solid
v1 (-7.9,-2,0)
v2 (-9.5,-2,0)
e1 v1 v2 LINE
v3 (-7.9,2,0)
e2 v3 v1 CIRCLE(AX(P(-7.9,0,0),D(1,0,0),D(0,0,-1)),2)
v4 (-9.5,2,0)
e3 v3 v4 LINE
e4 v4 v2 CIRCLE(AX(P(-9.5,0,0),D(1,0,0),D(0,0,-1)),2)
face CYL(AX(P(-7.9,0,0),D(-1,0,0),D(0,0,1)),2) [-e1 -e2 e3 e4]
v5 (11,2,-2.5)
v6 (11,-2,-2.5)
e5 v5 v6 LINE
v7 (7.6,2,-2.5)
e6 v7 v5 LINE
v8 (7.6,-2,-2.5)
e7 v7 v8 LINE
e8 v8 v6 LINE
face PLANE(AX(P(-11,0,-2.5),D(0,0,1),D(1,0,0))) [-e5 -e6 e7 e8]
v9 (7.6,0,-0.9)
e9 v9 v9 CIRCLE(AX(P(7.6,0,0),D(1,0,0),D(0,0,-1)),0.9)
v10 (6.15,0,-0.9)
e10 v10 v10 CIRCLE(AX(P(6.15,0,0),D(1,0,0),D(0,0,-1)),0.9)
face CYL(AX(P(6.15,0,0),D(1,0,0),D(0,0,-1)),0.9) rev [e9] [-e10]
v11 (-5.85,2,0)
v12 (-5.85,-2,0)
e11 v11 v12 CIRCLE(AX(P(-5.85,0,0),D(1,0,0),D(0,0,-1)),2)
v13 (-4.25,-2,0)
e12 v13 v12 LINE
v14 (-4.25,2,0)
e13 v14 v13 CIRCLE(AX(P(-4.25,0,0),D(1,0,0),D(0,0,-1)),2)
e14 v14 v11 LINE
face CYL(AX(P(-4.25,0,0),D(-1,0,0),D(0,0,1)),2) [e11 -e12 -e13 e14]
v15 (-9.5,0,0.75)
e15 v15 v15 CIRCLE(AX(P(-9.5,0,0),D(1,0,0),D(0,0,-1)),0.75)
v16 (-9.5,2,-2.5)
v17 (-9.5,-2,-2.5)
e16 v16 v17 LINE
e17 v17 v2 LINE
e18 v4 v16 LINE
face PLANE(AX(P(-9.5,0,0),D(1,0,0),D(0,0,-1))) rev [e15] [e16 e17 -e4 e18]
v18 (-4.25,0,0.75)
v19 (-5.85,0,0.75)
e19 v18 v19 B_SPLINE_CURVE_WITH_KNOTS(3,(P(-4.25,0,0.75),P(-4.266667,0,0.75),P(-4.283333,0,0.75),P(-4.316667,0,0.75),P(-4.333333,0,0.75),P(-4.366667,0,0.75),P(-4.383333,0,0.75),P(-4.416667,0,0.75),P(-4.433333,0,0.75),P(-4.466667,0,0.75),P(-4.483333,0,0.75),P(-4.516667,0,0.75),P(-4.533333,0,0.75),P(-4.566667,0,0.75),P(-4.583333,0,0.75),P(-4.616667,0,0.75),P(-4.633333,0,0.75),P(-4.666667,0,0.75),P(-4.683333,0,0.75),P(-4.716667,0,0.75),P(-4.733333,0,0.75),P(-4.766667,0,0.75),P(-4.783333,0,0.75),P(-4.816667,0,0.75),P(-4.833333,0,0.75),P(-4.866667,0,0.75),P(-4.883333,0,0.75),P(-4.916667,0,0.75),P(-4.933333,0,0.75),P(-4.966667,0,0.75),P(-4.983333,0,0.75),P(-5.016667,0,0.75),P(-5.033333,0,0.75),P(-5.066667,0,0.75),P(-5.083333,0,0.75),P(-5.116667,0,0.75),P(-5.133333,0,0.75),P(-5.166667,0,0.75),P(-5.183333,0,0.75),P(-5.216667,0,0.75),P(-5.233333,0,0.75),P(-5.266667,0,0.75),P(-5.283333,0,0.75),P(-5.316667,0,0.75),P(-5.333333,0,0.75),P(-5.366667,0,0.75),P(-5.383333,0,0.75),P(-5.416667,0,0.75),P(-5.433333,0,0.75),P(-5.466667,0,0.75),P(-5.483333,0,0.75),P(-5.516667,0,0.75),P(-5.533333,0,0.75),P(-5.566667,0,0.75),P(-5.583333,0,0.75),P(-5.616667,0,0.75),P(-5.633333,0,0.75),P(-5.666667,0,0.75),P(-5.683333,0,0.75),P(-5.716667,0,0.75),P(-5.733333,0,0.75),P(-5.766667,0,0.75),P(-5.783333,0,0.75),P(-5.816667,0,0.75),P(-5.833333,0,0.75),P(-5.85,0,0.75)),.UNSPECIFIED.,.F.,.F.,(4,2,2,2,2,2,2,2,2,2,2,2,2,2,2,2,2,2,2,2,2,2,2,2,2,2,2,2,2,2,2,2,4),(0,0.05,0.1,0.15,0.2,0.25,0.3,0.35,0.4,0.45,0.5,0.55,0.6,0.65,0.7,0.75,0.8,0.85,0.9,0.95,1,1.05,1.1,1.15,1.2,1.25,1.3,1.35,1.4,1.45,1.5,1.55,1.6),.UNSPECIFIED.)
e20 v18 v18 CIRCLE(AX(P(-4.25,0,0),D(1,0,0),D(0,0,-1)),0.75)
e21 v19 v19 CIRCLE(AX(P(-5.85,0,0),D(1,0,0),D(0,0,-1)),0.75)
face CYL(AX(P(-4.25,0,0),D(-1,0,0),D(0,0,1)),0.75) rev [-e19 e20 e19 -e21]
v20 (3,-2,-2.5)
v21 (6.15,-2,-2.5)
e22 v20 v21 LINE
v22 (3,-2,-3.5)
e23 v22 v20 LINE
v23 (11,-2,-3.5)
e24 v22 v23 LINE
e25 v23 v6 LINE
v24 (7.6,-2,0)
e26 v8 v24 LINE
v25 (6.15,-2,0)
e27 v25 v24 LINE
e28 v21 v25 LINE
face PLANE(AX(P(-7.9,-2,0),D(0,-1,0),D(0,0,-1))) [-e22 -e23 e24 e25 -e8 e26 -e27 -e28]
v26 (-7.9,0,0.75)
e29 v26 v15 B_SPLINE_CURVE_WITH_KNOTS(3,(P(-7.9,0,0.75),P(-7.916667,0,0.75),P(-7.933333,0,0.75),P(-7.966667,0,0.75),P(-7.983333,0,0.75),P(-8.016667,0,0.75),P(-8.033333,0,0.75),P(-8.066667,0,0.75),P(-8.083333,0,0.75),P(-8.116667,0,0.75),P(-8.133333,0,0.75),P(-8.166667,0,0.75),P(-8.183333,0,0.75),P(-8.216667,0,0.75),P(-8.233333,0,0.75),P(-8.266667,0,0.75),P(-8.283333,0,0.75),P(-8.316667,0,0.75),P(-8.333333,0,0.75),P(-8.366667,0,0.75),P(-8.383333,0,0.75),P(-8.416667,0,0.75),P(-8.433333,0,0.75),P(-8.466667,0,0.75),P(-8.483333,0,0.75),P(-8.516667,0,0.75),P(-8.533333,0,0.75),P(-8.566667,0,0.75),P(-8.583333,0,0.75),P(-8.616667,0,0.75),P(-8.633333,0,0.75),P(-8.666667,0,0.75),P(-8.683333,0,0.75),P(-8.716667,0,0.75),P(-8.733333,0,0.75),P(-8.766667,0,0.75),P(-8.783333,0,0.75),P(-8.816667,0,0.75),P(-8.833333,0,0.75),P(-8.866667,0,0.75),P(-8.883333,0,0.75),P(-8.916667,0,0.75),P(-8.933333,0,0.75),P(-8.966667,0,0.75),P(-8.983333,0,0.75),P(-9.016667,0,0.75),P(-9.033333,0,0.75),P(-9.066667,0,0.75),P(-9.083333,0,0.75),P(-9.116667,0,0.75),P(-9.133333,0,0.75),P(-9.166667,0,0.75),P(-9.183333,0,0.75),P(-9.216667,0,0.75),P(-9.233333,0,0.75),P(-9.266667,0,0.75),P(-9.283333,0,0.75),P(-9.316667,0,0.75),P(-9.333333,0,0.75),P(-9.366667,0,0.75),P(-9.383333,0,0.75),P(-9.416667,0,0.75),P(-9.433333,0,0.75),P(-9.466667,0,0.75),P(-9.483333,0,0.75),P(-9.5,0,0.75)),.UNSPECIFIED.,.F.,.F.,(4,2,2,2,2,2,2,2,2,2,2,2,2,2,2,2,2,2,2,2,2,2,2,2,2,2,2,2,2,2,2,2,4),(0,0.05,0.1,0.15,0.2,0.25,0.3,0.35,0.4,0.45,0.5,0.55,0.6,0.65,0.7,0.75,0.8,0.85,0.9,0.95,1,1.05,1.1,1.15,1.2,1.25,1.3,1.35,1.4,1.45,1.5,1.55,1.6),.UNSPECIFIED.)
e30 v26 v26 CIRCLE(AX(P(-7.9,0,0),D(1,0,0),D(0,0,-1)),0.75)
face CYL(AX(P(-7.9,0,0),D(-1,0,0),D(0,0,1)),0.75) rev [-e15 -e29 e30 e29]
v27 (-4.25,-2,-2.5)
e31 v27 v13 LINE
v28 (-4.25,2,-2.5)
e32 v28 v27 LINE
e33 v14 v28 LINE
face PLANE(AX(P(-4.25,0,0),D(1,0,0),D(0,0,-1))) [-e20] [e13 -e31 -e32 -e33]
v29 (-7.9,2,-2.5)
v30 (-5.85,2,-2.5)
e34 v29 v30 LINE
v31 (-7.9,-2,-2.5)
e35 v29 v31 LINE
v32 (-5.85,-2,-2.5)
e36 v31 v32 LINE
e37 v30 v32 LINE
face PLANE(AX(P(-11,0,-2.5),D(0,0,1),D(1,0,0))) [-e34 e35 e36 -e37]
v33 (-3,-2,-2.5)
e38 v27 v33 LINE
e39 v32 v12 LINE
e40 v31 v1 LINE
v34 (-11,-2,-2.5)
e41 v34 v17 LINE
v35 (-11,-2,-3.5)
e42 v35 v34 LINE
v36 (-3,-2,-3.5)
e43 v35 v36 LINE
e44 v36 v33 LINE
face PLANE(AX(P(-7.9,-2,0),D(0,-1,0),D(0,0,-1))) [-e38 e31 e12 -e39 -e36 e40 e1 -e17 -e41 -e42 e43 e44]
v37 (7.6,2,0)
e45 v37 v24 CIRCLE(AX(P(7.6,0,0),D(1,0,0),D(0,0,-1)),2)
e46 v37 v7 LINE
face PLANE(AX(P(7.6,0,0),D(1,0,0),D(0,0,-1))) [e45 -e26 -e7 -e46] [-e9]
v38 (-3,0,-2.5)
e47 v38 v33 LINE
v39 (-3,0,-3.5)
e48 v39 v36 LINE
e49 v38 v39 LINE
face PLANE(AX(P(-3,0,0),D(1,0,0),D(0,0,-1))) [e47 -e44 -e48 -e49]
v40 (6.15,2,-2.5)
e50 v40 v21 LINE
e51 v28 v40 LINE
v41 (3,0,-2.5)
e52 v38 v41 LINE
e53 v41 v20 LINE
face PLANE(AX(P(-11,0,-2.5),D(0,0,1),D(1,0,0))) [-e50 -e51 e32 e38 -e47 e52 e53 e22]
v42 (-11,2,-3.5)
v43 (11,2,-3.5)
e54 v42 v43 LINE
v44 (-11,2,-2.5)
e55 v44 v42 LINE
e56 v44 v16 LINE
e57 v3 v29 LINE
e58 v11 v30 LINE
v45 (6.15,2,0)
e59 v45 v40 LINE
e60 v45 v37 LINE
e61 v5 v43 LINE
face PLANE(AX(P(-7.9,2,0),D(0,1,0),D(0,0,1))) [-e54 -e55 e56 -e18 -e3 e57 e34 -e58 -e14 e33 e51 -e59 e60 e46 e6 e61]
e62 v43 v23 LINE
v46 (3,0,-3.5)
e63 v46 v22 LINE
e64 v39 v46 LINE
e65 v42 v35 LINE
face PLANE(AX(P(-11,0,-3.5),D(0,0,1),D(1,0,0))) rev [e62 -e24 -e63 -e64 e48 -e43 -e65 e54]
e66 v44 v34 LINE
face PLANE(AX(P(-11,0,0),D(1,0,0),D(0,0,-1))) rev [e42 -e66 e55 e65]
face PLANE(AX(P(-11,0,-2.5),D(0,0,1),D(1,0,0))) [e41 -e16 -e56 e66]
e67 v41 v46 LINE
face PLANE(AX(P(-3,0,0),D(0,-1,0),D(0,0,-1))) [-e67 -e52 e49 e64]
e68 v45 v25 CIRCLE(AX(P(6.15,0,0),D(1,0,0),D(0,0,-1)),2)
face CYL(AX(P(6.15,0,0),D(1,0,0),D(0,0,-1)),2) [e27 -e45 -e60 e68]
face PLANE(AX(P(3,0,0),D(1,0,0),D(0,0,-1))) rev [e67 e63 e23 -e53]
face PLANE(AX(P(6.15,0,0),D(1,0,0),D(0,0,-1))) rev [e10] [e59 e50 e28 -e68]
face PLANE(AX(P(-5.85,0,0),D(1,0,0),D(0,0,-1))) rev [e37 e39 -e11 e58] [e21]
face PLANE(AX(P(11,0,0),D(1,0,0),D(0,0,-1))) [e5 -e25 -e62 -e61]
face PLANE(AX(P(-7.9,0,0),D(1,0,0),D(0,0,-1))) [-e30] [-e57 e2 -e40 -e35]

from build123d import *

# Parameters (mm, degrees)
BOSS_EXTRUDE1_START = -9.5
SKETCH1_R           = 0.75
BOSS_EXTRUDE1_DEPTH = 1.6
BOSS_EXTRUDE2_START = -5.85
SKETCH1_3_R         = 0.75
BOSS_EXTRUDE2_DEPTH = 1.6
BOSS_EXTRUDE5_START = 7.6
SKETCH1_5_R         = 2
SKETCH1_5_R_2       = 0.9
BOSS_EXTRUDE5_DEPTH = 1.45
BOSS_EXTRUDE3_START = 11
SKETCH1_4_W         = 1
SKETCH1_4_H         = 4
BOSS_EXTRUDE3_DEPTH = 22
CUT_EXTRUDE1_START  = 3
SKETCH1_6_W         = 1
SKETCH1_6_H         = 2
CUT_EXTRUDE1_DEPTH  = 6


with BuildPart() as part:
    # Sketch1 → Boss-Extrude1 (new body)
    with BuildSketch(Plane(origin=(0, 0, 0), x_dir=(0, 0, -1), z_dir=(1, 0, 0)).offset(BOSS_EXTRUDE1_START)):
        with BuildLine():
            Line((2.5, 2), (0, 2))
            ThreePointArc((0, 2), (-2, 0), (0, -2))
            Line((0, -2), (2.5, -2))
            Line((2.5, -2), (2.5, 2))
        make_face()
        with Locations(Location((0, 0, 0), (0, 0, 180))):
            Circle(SKETCH1_R, mode=Mode.SUBTRACT)
    extrude(amount=BOSS_EXTRUDE1_DEPTH)



with BuildPart() as body_2:
    # Sketch1<3> → Boss-Extrude2 (new body)
    with BuildSketch(Plane(origin=(0, 0, 0), x_dir=(0, 0, -1), z_dir=(1, 0, 0)).offset(BOSS_EXTRUDE2_START)):
        with BuildLine():
            Line((2.5, 2), (0, 2))
            ThreePointArc((0, 2), (-2, 0), (0, -2))
            Line((0, -2), (2.5, -2))
            Line((2.5, -2), (2.5, 2))
        make_face()
        with Locations(Location((0, 0, 0), (0, 0, 180))):
            Circle(SKETCH1_3_R, mode=Mode.SUBTRACT)
    extrude(amount=BOSS_EXTRUDE2_DEPTH)


with BuildPart() as body_3:
    # Sketch1<5> → Boss-Extrude5 (new body)
    with BuildSketch(Plane(origin=(0, 0, 0), x_dir=(0, 0, -1), z_dir=(1, 0, 0)).offset(BOSS_EXTRUDE5_START)):
        Circle(SKETCH1_5_R)
        Circle(SKETCH1_5_R_2, mode=Mode.SUBTRACT)
        with BuildLine():
            Line((2.5, 2), (0, 2))
            ThreePointArc((0, 2), (1.414213562, 1.414213562), (2, 0))
            ThreePointArc((2, 0), (1.414213562, -1.414213562), (0, -2))
            Line((0, -2), (2.5, -2))
            Line((2.5, -2), (2.5, 0))
            Line((2.5, 0), (2.5, 2))
        make_face()
    extrude(amount=-BOSS_EXTRUDE5_DEPTH)


with BuildPart() as part_1:
    add(part.part)

    add(body_2.part)  # Boss-Extrude3 merges body 2

    add(body_3.part)  # Boss-Extrude3 merges body 3
    # Sketch1<4> → Boss-Extrude3 (add)
    with BuildSketch(Plane(origin=(0, 0, 0), x_dir=(0, 0, -1), z_dir=(1, 0, 0)).offset(BOSS_EXTRUDE3_START)):
        with Locations((3, 0)):
            Rectangle(SKETCH1_4_W, SKETCH1_4_H)
    extrude(amount=-BOSS_EXTRUDE3_DEPTH)

    # Sketch1<6> → Cut-Extrude1 (cut)
    with BuildSketch(Plane(origin=(0, 0, 0), x_dir=(0, 0, -1), z_dir=(1, 0, 0)).offset(CUT_EXTRUDE1_START)):
        with Locations((3, -1)):
            Rectangle(SKETCH1_6_W, SKETCH1_6_H)
    extrude(amount=-CUT_EXTRUDE1_DEPTH, mode=Mode.SUBTRACT)


solid = part_1.part
